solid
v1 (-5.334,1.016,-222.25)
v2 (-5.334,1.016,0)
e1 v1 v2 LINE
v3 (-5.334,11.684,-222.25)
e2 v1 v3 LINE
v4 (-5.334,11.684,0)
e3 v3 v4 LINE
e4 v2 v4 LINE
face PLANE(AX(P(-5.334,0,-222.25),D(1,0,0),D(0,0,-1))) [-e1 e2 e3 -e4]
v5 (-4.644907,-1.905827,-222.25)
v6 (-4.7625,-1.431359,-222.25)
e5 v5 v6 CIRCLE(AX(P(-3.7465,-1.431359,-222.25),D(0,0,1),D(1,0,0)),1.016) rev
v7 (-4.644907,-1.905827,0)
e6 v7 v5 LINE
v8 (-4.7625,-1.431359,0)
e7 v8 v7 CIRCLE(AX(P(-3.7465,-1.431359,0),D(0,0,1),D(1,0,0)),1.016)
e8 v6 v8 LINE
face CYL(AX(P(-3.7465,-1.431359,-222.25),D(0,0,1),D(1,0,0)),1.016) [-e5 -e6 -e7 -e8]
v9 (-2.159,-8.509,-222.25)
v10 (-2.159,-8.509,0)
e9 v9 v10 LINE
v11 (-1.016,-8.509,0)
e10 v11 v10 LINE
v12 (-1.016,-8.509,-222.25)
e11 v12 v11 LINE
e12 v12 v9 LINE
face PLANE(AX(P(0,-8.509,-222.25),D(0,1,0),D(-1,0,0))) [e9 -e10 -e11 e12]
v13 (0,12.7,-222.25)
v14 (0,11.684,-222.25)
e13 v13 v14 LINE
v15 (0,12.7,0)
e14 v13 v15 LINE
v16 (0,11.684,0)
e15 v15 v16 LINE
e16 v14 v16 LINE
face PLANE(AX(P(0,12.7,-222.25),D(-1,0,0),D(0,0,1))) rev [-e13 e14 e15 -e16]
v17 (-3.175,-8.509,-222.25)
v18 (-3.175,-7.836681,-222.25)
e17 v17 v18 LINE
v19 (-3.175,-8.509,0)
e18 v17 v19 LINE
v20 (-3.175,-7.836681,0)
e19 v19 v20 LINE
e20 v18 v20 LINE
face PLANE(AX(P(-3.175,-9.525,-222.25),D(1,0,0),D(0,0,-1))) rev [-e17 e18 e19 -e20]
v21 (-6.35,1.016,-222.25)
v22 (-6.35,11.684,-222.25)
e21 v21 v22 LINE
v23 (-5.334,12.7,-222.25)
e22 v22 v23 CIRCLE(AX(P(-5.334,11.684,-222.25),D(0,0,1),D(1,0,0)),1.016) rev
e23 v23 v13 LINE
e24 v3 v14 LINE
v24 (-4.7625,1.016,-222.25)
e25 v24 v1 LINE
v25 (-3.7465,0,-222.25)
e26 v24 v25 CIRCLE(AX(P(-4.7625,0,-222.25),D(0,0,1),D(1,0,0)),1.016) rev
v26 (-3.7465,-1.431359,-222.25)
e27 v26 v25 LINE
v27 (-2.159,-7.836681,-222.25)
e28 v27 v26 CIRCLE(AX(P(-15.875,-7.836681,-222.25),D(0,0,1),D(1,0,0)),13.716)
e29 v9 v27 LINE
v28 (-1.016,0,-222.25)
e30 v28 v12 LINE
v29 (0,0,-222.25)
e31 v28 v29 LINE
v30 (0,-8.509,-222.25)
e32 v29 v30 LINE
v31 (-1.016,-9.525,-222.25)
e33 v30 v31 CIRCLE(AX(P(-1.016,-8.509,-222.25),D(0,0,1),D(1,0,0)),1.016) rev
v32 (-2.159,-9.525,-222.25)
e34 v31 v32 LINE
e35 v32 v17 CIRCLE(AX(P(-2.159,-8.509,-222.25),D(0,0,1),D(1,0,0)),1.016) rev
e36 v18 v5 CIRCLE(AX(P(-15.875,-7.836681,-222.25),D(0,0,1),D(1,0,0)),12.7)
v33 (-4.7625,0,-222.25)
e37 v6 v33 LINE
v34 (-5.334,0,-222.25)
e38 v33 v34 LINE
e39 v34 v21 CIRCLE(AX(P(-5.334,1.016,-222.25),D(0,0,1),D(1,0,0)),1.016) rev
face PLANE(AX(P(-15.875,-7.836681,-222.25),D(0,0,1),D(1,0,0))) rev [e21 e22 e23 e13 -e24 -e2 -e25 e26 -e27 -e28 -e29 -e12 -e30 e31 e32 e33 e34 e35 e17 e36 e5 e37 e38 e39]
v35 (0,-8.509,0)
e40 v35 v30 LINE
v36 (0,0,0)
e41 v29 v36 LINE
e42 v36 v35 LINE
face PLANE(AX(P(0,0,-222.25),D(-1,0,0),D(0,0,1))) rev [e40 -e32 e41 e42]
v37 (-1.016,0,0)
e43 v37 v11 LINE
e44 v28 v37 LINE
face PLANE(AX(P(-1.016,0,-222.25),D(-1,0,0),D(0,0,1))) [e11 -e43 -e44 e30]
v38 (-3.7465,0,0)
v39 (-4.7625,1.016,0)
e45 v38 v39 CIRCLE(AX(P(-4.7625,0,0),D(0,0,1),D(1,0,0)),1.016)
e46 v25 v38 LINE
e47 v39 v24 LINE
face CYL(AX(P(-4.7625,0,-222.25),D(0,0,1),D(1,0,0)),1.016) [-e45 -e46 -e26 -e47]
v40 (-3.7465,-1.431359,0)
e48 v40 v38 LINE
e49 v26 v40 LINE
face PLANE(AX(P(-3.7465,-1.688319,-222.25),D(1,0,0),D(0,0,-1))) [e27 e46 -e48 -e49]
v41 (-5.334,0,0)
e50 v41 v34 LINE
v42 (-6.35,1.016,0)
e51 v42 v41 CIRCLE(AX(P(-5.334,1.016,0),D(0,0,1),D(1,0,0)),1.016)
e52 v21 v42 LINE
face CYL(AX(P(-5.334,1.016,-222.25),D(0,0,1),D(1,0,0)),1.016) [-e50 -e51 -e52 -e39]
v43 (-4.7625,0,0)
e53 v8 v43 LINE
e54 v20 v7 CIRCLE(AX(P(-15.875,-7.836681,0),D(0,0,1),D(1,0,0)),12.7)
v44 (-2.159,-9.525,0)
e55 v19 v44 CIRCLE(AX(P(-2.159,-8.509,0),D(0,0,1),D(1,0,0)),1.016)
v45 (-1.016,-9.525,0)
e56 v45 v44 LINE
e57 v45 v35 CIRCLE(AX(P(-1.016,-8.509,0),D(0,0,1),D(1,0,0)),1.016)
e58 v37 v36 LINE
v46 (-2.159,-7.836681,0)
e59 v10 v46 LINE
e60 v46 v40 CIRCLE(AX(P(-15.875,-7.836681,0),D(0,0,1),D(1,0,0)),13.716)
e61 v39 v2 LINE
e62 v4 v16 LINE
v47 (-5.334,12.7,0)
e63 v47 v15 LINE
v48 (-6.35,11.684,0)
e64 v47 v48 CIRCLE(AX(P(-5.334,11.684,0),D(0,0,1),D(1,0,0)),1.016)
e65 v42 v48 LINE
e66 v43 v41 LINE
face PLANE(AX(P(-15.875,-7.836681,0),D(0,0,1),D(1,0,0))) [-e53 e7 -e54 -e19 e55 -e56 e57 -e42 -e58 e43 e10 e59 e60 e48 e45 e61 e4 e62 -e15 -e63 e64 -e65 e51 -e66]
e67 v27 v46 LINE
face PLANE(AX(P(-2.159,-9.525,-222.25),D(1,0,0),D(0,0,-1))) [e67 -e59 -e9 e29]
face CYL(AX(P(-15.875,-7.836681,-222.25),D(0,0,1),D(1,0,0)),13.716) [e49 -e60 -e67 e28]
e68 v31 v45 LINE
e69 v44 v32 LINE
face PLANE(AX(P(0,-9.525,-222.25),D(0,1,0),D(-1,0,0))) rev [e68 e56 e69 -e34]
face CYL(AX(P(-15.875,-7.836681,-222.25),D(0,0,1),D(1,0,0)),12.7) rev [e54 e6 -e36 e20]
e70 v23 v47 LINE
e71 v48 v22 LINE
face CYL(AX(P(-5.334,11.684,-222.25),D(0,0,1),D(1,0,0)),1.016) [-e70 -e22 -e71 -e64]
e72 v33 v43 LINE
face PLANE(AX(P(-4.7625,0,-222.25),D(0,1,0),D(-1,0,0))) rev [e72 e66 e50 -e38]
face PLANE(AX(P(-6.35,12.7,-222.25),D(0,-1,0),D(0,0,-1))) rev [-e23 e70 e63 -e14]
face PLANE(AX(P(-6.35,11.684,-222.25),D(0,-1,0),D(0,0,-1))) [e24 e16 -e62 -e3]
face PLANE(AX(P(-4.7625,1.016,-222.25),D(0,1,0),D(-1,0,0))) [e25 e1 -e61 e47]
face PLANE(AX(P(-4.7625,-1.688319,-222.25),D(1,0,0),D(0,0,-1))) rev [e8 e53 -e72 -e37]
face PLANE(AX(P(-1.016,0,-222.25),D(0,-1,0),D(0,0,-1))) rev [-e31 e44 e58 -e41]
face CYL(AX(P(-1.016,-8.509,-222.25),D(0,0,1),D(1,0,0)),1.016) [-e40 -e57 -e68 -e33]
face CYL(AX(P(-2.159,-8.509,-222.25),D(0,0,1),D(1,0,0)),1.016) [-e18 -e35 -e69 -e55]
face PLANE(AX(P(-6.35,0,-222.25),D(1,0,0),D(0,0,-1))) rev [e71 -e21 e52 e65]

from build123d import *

# Parameters (mm, degrees)
EXTRUDE_THIN1_DEPTH = 222.25
FILLET1_R           = 1.016


with BuildPart() as part:
    # Sketch1 → Extrude-Thin1 (new body)
    with BuildSketch(Plane.XY):
        with BuildLine():
            Line((0, 0), (0, -9.525))
            Line((0, -9.525), (-3.175, -9.525))
            Line((-3.175, -9.525), (-3.175, -7.836680531))
            ThreePointArc((-3.175, -7.836680531), (-3.578277876, -4.661680531), (-4.7625, -1.688319469))
            Line((-4.7625, -1.688319469), (-4.7625, 0))
            Line((-4.7625, 0), (-6.35, 0))
            Line((-6.35, 0), (-6.35, 12.7))
            Line((-6.35, 12.7), (0, 12.7))
            Line((0, 12.7), (0, 11.684))
            Line((0, 11.684), (-5.334, 11.684))
            Line((-5.334, 11.684), (-5.334, 1.016))
            Line((-5.334, 1.016), (-3.7465, 1.016))
            Line((-3.7465, 1.016), (-3.7465, -1.431359013))
            ThreePointArc((-3.7465, -1.431359013), (-2.56178923, -4.537123743), (-2.159, -7.836680531))
            Line((-2.159, -7.836680531), (-2.159, -8.509))
            Line((-2.159, -8.509), (-1.016, -8.509))
            Line((-1.016, -8.509), (-1.016, 0))
            Line((-1.016, 0), (0, 0))
        make_face()
    extrude(amount=-EXTRUDE_THIN1_DEPTH)

    # Fillet1
    fillet1_edges = [part.edges().sort_by_distance(p)[0] for p in [
        (-3.7465, 1.016, -111.125),
        (0, -9.525, -111.125),
        (-3.175, -9.525, -111.125),
        (-4.7625, -1.688319469, -111.125),
        (-6.35, 0, -111.125),
        (-6.35, 12.7, -111.125),
    ]]
    fillet(fillet1_edges, radius=FILLET1_R)


solid = part.part
